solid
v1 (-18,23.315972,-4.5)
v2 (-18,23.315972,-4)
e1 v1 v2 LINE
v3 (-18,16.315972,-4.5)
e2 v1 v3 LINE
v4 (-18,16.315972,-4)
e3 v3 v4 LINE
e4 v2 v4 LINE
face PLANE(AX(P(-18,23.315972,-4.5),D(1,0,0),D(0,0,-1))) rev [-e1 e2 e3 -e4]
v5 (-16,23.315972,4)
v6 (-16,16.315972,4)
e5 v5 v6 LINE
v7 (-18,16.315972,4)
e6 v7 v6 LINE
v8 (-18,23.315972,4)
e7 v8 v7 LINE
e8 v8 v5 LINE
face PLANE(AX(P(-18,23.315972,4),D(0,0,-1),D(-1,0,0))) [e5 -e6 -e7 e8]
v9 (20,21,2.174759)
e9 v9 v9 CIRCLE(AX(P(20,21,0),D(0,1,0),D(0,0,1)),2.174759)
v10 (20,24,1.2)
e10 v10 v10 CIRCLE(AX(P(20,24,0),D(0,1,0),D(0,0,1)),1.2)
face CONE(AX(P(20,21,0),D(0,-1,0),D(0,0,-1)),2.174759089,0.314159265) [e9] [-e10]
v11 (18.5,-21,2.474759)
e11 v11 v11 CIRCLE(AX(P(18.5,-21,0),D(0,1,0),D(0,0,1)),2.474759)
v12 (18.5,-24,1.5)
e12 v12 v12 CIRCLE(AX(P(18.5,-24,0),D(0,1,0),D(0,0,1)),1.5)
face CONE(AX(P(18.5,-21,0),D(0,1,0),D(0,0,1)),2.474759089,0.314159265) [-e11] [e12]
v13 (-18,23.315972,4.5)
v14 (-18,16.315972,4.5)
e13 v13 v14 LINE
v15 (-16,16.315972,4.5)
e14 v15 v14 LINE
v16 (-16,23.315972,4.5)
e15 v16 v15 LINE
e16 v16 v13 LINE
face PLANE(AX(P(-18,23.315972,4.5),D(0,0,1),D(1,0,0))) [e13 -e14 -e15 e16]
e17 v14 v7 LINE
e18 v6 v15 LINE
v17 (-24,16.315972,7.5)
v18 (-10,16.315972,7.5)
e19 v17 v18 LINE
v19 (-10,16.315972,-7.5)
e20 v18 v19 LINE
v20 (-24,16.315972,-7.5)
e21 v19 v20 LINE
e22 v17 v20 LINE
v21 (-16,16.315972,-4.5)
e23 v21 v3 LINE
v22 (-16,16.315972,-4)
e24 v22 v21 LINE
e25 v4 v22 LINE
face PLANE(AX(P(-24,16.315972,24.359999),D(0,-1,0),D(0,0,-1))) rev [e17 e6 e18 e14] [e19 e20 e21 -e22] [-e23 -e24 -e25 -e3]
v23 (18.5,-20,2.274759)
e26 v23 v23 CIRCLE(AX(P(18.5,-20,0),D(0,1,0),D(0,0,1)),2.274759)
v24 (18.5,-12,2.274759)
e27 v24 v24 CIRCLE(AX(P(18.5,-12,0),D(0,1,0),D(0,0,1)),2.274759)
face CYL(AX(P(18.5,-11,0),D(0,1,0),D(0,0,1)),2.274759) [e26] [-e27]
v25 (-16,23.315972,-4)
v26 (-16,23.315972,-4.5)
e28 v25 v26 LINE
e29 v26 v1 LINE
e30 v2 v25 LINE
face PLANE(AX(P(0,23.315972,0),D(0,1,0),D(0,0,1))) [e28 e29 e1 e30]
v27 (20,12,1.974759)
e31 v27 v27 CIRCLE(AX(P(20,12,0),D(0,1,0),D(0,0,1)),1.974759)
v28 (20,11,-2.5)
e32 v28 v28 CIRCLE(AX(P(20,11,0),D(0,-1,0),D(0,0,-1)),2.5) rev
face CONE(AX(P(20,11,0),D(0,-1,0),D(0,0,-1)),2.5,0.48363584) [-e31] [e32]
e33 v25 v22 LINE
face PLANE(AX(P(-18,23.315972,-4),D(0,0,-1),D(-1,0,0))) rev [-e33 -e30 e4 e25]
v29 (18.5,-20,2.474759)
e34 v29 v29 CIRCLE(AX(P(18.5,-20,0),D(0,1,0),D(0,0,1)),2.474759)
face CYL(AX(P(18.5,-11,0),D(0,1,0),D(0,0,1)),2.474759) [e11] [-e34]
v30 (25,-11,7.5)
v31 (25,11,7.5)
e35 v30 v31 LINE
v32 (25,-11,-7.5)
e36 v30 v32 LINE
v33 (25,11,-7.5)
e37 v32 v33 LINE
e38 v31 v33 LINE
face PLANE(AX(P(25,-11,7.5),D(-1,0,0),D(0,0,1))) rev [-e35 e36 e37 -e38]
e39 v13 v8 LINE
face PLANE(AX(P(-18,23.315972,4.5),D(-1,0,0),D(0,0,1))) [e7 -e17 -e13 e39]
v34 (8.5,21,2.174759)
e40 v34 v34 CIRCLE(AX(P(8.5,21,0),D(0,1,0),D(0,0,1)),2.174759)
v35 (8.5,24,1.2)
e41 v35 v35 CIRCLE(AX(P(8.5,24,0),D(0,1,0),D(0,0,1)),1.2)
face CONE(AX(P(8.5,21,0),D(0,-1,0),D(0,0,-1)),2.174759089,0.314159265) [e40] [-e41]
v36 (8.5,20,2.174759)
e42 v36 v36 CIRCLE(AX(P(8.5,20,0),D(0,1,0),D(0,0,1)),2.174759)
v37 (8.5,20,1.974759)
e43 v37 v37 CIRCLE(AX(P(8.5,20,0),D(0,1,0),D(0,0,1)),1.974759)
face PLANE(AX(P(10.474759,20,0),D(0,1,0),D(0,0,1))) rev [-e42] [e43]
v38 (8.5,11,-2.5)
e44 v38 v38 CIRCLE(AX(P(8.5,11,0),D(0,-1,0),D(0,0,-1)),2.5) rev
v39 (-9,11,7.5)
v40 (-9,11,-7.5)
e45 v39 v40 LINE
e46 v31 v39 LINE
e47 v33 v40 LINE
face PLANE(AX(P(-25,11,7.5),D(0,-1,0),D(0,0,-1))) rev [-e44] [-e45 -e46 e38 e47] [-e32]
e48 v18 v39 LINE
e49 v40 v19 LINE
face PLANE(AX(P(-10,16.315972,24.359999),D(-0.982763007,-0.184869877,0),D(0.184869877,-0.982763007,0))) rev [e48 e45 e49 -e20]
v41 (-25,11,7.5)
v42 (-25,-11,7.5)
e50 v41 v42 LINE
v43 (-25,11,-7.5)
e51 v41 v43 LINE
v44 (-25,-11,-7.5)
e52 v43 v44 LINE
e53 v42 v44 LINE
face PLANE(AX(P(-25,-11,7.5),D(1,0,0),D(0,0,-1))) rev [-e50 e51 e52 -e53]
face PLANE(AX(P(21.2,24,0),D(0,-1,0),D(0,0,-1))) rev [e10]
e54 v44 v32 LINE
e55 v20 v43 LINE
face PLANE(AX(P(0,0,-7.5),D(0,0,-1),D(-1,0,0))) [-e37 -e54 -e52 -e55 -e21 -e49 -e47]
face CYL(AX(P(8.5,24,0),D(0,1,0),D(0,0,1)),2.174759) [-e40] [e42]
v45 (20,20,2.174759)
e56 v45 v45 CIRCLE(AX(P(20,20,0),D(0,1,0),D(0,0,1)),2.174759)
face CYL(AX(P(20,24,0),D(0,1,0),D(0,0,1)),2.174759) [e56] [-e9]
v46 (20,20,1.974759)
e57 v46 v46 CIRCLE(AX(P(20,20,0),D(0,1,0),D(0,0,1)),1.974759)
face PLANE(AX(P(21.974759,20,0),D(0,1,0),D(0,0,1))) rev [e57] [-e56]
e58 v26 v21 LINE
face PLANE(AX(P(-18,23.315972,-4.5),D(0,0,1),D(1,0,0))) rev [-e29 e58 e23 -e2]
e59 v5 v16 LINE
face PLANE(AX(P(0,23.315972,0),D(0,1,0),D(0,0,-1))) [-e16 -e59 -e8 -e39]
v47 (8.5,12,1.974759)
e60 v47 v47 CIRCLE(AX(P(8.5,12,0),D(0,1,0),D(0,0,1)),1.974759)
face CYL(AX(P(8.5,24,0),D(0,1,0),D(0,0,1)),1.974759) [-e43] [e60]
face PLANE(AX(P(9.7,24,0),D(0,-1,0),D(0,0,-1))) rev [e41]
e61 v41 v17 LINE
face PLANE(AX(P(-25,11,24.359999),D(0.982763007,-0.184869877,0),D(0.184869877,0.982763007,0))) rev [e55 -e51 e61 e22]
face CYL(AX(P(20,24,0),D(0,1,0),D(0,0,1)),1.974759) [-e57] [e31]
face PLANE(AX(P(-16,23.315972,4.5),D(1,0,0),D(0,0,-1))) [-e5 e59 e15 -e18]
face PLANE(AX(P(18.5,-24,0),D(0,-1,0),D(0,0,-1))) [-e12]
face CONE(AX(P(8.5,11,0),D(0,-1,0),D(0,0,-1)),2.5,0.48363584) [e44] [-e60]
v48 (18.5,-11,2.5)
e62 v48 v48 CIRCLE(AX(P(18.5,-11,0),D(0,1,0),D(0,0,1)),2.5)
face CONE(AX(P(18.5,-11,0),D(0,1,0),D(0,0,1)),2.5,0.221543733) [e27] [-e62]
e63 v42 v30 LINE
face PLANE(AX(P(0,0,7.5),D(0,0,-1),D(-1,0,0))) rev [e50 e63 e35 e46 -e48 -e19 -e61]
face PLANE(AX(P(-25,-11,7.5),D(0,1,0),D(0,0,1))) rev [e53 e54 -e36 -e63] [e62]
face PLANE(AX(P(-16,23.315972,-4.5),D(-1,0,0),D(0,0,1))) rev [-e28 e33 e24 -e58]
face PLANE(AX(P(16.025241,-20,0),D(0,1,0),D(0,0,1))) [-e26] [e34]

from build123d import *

# Parameters (mm, degrees)
SKETCH1_W                       = 50
SKETCH1_H                       = 22
BOSS_EXTRUDE1_DEPTH             = 7.5
BOSS_EXTRUDE3_REACH             = 30.324
BOSS_EXTRUDE3_DIRECTION_2_REACH = 30.324
SKETCH9_W                       = 2
SKETCH9_H                       = 0.5
BOSS_EXTRUDE4_DEPTH             = 7


with BuildPart() as part:
    # Sketch1 → Boss-Extrude1 (new, symmetric)
    with BuildSketch(Plane.XY):
        Rectangle(SKETCH1_W, SKETCH1_H)
    extrude(amount=BOSS_EXTRUDE1_DEPTH, both=True)

    # Boss-Extrude3: up to this face of the body (flat: up to its plane)
    boss_extrude3_end = Plane(part.part.faces().sort_by_distance((0, 0, 7.5))[0])
    # Sketch3 → Boss-Extrude3 (add, up to the picked face)
    with BuildSketch(Plane.XY, mode=Mode.PRIVATE) as boss_extrude3_sk1:
        Polygon((-25, 11), (-24, 16.31597155), (-10, 16.31597155), (-9, 11), align=None)
    boss_extrude3_tool1 = split(extrude(boss_extrude3_sk1.sketch, amount=BOSS_EXTRUDE3_REACH, mode=Mode.PRIVATE), bisect_by=boss_extrude3_end, keep=Keep.BOTH, mode=Mode.PRIVATE)
    add(boss_extrude3_tool1.solids().sort_by(Axis((-17, 13.598919, 0), (0, 0, 1)))[0])

    # Boss-Extrude3 direction 2: up to this face of the body (flat: up to its plane)
    boss_extrude3_direction_2_end = Plane(part.part.faces().sort_by_distance((0, 0, -7.5))[0])
    # Sketch3 → Boss-Extrude3 direction 2 (add, up to the picked face)
    with BuildSketch(Plane.XY, mode=Mode.PRIVATE) as boss_extrude3_direction_2_sk1:
        Polygon((-25, 11), (-24, 16.31597155), (-10, 16.31597155), (-9, 11), align=None)
    boss_extrude3_direction_2_tool1 = split(extrude(boss_extrude3_direction_2_sk1.sketch, amount=-BOSS_EXTRUDE3_DIRECTION_2_REACH, mode=Mode.PRIVATE), bisect_by=boss_extrude3_direction_2_end, keep=Keep.BOTH, mode=Mode.PRIVATE)
    add(boss_extrude3_direction_2_tool1.solids().sort_by(Axis((-17, 13.598919, 0), (0, 0, -1)))[0])

    # Sketch5 → Revolve1 (revolve)
    with BuildSketch(Plane.XY):
        Polygon((8.5, 11), (11, 11), (10.474759089, 12), (10.474759089, 20), (10.674759089, 20), (10.674759089, 21), (9.7, 24), (8.5, 24), align=None)
    revolve(axis=Axis((8.5, 24, 0), (0, -1, 0)))

    # Sketch6 → Revolve2 (revolve)
    with BuildSketch(Plane.XY):
        Polygon((20, 11), (22.5, 11), (21.974759089, 12), (21.974759089, 20), (22.174759089, 20), (22.174759089, 21), (21.2, 24), (20, 24), align=None)
    revolve(axis=Axis((20, 24, 0), (0, -1, 0)))

    # Sketch8 → Revolve3 (revolve)
    with BuildSketch(Plane.XY):
        Polygon((18.5, -11), (18.5, -24), (17, -24), (16.025240911, -21), (16.025240911, -20), (16.225240911, -20), (16.225240911, -12), (16, -11), align=None)
    revolve(axis=Axis((18.5, -11, 0), (0, -1, 0)))

    # Sketch9 → Boss-Extrude4 (add)
    with BuildSketch(Plane(origin=(0, 16.31597155, 0), x_dir=(1, 0, 0), z_dir=(0, 1, 0))):
        with Locations((-17, 4.25)):
            Rectangle(SKETCH9_W, SKETCH9_H)
    boss_extrude4 = extrude(amount=BOSS_EXTRUDE4_DEPTH)

    # Mirror1: Boss-Extrude4 across plane
    add(boss_extrude4.mirror(Plane.XY))


solid = part.part
